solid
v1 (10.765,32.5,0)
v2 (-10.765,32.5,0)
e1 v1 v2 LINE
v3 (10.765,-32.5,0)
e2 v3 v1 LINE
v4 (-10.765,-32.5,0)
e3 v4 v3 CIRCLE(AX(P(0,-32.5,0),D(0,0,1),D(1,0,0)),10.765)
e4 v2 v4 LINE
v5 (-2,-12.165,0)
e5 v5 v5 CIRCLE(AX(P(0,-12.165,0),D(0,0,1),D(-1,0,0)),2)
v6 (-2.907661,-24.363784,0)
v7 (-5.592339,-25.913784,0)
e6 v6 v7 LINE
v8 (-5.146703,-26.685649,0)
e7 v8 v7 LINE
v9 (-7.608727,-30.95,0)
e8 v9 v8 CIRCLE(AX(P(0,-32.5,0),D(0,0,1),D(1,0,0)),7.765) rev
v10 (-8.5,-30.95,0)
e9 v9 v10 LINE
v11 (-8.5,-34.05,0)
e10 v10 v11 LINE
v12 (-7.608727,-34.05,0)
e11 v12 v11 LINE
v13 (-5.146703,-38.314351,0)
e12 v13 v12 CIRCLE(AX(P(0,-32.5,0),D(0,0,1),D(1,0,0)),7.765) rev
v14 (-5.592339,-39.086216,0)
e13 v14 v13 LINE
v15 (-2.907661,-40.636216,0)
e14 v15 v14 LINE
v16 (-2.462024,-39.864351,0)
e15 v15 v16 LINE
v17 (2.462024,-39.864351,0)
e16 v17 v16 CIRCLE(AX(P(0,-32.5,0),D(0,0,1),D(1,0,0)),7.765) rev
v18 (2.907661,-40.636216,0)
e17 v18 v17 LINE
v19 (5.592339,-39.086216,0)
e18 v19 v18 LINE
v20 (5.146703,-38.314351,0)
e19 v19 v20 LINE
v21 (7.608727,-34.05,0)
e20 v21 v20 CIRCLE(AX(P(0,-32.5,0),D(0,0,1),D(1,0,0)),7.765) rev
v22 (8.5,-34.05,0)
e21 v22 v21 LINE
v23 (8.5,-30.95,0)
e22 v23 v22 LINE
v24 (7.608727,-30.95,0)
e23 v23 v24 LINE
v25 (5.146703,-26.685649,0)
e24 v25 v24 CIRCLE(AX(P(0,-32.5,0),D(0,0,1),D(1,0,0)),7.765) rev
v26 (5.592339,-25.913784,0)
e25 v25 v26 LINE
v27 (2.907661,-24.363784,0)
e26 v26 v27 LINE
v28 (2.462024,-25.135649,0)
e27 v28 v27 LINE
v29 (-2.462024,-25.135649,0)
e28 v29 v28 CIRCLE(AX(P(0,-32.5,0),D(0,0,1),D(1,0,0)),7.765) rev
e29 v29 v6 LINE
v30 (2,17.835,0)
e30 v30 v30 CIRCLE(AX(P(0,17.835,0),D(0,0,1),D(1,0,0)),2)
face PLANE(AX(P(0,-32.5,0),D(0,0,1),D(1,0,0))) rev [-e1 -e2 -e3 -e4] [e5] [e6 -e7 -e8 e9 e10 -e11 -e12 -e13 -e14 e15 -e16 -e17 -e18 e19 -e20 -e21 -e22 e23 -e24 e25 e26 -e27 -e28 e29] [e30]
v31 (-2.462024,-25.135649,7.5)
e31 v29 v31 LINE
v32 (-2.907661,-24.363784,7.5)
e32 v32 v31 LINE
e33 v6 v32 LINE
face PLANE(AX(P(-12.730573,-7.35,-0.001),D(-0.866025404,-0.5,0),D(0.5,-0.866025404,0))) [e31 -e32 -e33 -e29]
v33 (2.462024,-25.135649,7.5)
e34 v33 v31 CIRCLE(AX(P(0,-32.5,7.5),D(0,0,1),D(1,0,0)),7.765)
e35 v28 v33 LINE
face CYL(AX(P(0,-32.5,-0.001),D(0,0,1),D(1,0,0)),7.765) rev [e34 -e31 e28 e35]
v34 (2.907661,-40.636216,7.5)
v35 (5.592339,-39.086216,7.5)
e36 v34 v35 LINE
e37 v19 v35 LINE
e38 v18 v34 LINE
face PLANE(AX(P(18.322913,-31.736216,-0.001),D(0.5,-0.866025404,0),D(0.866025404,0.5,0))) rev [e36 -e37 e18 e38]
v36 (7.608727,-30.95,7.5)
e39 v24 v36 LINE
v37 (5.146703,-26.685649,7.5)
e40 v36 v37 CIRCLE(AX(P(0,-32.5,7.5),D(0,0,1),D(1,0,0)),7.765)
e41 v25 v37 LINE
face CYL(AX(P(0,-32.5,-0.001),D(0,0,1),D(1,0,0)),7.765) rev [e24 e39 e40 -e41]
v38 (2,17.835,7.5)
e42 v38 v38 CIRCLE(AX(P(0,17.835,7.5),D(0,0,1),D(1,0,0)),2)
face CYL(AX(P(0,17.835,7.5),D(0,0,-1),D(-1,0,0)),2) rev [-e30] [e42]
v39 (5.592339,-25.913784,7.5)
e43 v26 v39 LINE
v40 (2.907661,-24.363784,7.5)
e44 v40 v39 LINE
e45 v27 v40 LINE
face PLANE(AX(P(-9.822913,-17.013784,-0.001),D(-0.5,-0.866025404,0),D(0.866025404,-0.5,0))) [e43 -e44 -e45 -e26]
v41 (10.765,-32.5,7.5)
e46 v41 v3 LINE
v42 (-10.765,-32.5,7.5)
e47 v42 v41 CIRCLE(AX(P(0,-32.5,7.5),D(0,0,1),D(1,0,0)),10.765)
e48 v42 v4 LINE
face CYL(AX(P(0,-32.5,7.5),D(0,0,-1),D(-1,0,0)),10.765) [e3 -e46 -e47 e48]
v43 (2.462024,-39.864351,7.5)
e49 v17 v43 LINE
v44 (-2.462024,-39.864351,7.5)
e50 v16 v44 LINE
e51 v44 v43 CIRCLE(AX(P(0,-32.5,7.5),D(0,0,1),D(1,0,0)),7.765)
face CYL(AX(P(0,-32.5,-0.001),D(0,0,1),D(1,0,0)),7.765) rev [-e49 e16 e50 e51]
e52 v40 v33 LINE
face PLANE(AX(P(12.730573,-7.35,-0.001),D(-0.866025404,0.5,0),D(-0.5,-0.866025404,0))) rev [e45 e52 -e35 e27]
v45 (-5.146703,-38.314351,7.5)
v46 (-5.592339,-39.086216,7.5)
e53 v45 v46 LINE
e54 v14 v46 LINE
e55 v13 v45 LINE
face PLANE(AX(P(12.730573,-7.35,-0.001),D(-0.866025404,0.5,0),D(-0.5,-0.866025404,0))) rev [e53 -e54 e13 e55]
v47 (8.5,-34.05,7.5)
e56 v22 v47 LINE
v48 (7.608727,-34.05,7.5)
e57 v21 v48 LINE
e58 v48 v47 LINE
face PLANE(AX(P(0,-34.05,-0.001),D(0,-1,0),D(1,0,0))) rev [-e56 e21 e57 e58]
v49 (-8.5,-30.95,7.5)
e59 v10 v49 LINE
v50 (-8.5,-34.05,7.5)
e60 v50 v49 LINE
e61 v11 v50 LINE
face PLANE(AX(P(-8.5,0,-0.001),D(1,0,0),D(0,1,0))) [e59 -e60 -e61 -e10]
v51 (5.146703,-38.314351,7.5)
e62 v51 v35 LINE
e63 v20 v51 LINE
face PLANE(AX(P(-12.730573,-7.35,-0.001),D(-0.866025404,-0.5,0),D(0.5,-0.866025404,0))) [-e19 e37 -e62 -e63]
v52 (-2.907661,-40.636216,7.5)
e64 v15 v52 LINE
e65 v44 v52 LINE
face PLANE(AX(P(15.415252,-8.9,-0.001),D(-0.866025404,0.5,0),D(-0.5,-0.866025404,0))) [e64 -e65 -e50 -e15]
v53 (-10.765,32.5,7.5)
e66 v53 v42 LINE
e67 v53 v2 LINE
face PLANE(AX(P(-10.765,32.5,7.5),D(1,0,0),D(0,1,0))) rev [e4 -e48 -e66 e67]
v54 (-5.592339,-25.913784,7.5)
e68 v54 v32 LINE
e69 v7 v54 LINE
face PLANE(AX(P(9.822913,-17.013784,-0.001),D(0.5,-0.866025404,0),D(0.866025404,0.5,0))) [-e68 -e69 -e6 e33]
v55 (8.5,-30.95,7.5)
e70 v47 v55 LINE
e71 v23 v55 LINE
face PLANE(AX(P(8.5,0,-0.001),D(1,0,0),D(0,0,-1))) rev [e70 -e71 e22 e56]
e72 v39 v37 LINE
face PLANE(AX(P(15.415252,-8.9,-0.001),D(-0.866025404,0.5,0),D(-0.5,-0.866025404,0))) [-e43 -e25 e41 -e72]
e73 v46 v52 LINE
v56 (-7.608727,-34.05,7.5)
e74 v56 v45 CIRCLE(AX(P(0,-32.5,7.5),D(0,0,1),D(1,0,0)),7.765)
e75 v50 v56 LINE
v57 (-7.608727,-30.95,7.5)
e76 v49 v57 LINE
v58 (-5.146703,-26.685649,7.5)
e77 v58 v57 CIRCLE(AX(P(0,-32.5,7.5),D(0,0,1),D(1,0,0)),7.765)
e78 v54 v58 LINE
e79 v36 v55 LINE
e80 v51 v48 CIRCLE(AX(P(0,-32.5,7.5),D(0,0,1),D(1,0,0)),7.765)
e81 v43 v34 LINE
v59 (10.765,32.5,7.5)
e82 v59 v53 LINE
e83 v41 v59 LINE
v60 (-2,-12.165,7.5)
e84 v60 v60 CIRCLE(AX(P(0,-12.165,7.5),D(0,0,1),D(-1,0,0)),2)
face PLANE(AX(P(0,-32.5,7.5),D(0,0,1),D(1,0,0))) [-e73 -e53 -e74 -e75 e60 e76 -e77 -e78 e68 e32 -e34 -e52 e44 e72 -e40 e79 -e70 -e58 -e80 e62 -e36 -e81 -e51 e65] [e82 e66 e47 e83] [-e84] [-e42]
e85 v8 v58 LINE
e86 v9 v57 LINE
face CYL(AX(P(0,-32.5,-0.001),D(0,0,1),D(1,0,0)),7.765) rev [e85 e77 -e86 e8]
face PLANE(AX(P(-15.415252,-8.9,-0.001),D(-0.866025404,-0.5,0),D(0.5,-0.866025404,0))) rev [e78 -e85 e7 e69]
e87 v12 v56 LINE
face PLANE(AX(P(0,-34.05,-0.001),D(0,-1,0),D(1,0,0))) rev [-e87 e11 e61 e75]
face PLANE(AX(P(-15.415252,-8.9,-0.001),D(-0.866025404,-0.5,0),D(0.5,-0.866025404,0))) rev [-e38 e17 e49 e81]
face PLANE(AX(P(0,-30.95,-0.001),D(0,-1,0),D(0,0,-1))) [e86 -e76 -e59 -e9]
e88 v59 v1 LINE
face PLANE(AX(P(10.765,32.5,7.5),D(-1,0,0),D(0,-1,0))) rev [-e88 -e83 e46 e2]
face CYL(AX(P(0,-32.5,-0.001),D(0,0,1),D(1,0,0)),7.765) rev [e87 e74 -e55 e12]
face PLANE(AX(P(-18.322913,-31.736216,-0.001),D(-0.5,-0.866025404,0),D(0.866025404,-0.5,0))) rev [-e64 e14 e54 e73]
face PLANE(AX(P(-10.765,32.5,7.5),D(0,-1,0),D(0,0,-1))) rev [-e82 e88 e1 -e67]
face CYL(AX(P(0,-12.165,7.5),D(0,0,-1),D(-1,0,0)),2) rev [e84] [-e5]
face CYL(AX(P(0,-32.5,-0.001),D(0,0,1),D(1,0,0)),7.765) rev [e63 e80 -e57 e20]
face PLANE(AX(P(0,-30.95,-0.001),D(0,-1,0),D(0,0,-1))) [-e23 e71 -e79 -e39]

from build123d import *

# Parameters (mm, degrees)
SKETCH1_R           = 4.765
SKETCH1_R_2         = 2
BOSS_EXTRUDE1_DEPTH = 7.5
CUT_EXTRUDE1_START  = -7.5
SKETCH3_R           = 7.765
SKETCH3_W           = 17
SKETCH3_H           = 3.1
CUT_EXTRUDE1_DEPTH  = 7.5


with BuildPart() as part:
    # Sketch1 → Boss-Extrude1 (new body)
    with BuildSketch(Plane.XY):
        with BuildLine():
            Line((-10.765, 32.5), (10.765, 32.5))
            Line((10.765, 32.5), (10.765, -32.5))
            ThreePointArc((10.765, -32.5), (0, -43.265), (-10.765, -32.5))
            Line((-10.765, -32.5), (-10.765, 32.5))
        make_face()
        with Locations((0, -32.5)):
            Circle(SKETCH1_R, mode=Mode.SUBTRACT)
        with Locations((0, 17.835)):
            Circle(SKETCH1_R_2, mode=Mode.SUBTRACT)
        with Locations(Location((0, -12.165, 0), (0, 0, 180))):
            Circle(SKETCH1_R_2, mode=Mode.SUBTRACT)
    extrude(amount=BOSS_EXTRUDE1_DEPTH)

    # Sketch3 → Cut-Extrude1 (cut)
    with BuildSketch(Plane.XY.offset(7.5).offset(CUT_EXTRUDE1_START)):
        with Locations((0, -32.5)):
            Circle(SKETCH3_R)
        Polygon((-5.592339376, -25.913784068), (-2.907660624, -24.363784068), (5.592339376, -39.086215932), (2.907660624, -40.636215932), align=None)
        with Locations((0, -32.5)):
            Rectangle(SKETCH3_W, SKETCH3_H)
        Polygon((2.907660624, -24.363784068), (5.592339376, -25.913784068), (-2.907660624, -40.636215932), (-5.592339376, -39.086215932), align=None)
    extrude(amount=CUT_EXTRUDE1_DEPTH, mode=Mode.SUBTRACT)


solid = part.part
